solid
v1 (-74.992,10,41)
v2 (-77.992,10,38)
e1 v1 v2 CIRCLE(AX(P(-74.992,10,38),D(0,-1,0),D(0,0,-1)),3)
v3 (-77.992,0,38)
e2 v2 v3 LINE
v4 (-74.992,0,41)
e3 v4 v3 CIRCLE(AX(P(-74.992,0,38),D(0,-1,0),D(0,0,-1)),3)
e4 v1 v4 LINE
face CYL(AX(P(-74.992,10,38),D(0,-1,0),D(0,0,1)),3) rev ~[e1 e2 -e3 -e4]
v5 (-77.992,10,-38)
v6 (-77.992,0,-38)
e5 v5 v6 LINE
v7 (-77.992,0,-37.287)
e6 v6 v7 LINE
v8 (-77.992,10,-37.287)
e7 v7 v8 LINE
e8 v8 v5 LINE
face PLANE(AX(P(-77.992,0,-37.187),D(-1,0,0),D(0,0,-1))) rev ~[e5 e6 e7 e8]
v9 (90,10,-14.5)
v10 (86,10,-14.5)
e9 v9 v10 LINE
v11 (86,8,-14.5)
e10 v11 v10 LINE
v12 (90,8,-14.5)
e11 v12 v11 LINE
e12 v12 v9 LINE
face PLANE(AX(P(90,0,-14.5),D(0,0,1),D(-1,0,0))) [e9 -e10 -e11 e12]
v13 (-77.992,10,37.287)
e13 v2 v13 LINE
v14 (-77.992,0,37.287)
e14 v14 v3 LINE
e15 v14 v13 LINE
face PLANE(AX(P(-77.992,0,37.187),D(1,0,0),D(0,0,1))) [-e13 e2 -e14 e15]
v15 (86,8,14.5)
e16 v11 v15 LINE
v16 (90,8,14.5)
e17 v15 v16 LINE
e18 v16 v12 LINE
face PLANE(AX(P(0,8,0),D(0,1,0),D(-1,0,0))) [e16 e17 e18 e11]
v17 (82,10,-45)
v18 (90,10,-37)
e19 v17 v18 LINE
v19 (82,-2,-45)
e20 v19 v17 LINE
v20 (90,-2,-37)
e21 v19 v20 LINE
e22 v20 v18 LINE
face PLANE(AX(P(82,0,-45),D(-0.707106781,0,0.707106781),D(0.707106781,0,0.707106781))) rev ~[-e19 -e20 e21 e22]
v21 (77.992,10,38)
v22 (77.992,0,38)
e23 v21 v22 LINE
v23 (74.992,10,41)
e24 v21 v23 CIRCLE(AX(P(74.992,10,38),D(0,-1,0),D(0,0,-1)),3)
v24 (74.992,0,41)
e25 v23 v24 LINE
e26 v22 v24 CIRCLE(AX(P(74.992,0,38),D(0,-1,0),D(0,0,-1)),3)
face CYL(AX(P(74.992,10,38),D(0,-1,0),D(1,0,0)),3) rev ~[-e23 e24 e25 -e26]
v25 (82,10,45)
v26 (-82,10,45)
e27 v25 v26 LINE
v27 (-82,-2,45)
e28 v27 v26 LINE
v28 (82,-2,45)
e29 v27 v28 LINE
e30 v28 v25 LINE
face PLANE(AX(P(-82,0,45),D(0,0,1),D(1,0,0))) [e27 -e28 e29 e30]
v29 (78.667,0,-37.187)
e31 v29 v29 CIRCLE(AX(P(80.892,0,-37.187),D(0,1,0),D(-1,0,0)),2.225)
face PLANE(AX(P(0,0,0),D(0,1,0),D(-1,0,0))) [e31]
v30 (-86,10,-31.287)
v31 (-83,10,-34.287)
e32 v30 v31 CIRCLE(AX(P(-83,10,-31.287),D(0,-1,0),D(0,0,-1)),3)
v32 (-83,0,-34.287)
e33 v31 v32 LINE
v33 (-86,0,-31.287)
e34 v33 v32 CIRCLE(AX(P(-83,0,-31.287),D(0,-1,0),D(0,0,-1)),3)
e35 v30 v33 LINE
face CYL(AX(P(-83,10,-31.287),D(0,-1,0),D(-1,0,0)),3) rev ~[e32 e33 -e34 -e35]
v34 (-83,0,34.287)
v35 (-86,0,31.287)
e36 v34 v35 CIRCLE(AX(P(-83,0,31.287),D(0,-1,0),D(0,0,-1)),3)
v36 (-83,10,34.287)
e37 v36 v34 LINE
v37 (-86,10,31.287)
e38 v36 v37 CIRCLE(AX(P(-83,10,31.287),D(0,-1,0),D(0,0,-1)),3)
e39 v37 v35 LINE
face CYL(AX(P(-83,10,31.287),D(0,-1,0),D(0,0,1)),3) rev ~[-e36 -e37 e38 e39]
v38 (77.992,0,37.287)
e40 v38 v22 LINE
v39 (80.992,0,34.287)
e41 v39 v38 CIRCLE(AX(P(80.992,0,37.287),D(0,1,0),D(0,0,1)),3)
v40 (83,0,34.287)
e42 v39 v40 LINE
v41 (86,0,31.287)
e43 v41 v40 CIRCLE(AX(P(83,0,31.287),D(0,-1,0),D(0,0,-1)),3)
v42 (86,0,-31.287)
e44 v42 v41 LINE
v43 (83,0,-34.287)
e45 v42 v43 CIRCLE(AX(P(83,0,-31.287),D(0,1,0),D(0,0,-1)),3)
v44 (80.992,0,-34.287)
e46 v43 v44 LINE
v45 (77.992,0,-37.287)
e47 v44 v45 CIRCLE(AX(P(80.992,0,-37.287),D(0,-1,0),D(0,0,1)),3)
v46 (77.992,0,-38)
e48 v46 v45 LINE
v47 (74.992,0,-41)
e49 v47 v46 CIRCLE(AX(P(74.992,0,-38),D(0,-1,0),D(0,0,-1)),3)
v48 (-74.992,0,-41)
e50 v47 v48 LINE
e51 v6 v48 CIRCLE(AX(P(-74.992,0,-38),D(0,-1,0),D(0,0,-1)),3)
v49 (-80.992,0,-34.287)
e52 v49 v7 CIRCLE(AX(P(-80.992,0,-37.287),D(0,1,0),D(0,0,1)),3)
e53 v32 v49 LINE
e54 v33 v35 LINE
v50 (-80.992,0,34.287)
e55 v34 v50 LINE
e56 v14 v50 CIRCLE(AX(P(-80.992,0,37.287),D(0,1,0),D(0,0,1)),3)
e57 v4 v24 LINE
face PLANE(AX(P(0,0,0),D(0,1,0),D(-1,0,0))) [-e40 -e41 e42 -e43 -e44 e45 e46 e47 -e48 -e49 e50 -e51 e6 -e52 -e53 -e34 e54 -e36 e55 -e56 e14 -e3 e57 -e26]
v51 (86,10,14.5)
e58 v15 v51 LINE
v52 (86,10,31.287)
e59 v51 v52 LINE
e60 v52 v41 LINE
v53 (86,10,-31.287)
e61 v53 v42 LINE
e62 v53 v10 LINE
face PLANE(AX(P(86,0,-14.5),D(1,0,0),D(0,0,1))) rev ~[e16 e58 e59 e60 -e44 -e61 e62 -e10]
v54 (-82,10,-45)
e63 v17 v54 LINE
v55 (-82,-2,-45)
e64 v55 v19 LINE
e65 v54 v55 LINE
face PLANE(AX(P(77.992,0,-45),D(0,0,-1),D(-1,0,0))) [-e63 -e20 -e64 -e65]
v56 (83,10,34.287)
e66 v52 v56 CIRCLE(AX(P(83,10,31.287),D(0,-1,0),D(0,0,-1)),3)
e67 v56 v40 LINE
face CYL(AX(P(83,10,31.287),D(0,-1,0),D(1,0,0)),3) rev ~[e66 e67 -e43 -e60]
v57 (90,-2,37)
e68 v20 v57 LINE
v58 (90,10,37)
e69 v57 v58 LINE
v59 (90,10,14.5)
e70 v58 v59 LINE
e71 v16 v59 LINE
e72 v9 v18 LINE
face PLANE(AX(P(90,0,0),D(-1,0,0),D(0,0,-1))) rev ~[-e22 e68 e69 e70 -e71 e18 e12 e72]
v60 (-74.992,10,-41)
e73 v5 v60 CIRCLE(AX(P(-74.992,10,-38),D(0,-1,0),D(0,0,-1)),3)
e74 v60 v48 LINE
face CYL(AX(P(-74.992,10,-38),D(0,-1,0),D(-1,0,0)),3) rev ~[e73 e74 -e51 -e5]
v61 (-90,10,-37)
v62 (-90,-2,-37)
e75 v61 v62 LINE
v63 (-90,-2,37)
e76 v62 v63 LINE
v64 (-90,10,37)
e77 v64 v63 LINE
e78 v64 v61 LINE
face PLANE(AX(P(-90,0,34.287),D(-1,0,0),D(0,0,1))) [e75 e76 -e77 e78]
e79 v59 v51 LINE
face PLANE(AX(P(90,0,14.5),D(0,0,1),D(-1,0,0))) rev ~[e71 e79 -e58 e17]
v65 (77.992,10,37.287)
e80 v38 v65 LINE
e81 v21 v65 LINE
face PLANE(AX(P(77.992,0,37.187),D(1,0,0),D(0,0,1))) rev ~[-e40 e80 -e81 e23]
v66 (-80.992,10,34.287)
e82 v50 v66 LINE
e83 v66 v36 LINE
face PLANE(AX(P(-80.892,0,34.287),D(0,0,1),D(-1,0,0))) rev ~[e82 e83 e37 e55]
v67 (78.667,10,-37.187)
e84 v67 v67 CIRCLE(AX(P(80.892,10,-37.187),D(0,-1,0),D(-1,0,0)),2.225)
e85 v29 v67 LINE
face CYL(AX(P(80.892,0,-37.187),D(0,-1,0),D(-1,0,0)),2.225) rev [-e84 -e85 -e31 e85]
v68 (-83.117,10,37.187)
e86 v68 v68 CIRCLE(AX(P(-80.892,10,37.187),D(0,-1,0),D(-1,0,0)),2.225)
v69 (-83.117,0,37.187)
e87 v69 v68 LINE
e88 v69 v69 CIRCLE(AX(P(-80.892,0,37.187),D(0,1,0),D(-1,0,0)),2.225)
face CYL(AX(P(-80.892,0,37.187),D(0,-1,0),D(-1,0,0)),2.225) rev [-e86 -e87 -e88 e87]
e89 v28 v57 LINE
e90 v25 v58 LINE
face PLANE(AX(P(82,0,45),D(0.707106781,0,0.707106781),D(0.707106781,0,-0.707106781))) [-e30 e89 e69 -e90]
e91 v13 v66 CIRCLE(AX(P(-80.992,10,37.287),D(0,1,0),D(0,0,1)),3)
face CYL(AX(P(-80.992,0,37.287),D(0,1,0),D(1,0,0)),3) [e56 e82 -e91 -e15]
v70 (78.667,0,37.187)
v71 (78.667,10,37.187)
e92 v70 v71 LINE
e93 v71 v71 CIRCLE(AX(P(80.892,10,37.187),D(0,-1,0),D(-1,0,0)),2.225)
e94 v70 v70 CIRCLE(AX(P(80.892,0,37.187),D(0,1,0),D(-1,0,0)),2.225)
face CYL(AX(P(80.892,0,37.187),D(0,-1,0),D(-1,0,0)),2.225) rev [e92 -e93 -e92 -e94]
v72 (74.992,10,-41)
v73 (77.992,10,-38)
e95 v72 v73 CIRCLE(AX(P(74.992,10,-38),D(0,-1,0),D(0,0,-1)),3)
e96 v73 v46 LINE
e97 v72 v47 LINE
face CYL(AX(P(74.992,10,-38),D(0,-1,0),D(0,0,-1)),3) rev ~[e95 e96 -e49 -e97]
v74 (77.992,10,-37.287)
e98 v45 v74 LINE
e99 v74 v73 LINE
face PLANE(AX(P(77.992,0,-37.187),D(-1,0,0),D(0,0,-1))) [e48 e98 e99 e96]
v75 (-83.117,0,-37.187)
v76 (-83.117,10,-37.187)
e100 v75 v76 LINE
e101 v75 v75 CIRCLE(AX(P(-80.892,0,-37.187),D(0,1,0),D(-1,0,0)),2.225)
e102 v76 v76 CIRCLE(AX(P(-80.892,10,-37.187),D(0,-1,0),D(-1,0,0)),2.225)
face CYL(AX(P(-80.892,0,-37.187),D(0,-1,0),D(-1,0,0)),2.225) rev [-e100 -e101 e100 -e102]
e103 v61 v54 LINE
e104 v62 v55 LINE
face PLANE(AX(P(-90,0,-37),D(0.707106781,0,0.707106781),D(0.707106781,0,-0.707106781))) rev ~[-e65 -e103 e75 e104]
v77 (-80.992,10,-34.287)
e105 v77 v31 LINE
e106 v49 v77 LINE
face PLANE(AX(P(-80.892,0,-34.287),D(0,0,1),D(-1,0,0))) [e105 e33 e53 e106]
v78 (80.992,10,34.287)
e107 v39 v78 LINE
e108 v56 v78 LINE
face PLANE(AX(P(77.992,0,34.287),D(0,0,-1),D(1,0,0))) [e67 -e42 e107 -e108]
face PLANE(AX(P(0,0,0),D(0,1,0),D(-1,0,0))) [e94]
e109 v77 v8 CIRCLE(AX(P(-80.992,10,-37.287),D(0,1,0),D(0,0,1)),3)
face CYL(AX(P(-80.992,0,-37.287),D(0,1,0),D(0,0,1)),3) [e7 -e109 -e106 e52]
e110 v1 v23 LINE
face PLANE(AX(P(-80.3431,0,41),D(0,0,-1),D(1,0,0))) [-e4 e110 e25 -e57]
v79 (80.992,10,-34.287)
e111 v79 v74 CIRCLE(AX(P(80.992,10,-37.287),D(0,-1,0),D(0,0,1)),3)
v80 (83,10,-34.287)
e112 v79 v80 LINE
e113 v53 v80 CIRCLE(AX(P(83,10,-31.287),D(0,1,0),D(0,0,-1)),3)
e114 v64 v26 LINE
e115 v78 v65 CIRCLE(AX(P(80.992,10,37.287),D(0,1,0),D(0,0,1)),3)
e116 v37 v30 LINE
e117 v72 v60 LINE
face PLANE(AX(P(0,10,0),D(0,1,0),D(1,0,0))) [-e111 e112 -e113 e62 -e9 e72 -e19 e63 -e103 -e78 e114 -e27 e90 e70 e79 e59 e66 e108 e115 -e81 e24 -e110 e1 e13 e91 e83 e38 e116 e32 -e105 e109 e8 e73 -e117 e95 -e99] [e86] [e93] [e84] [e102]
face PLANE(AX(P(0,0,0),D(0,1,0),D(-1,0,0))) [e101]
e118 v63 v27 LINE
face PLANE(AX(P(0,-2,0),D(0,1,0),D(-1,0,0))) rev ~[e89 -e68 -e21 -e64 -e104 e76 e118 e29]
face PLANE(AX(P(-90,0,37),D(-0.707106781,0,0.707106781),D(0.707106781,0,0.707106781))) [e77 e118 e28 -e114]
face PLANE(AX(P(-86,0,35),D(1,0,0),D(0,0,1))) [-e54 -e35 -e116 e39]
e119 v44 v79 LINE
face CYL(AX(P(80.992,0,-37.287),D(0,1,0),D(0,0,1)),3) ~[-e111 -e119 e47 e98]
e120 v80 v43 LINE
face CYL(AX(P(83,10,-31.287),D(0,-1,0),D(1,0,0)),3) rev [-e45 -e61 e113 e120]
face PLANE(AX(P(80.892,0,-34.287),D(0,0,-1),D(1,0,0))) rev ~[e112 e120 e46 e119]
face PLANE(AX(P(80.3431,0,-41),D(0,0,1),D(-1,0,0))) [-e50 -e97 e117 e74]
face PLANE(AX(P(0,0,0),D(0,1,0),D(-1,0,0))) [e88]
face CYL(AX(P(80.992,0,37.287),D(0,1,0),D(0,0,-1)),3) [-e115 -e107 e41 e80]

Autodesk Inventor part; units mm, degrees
ref_plane "YZ Plane" through (0, 0, 0) normal (1, 0, 0) x (0, 1, 0)
ref_plane "XZ Plane" through (0, 0, 0) normal (0, 1, 0) x (-1, 0, 0)
ref_plane "XY Plane" through (0, 0, 0) normal (0, 0, 1) x (1, 0, 0)
sketch "Sketch1" plane through (0, 0, 0) normal (0, 1, 0) x (-1, 0, 0)
  line L0 (82, 45) -> (-82, 45)
  line L1 (-90, 37) -> (-90, -37)
  line L2 (-82, -45) -> (82, -45)
  line L3 (90, -37) -> (90, 37)
  line L4 (90, 45) -> (-90, -45) construction
  line L5 (-90, 45) -> (90, -45) construction
  line L6 (90, 37) -> (82, 45)
  line L7 (90, -37) -> (82, -45)
  line L8 (-82, 45) -> (-90, 37)
  line L9 (-82, -45) -> (-90, -37)
  line L10 (90, -37) -> (80.892, -37)
  line L11 (80.892, -37) -> (80.892, -37.187)
  line L12 (80.892, -37) -> (81.079, -37) construction
  circle A0 centre (80.892, -37.187) radius 0.725
  circle A1 centre (80.892, -37.187) radius 2.225
  line L13 (90, 37) -> (80.892, 37)
  line L14 (80.892, 37) -> (80.892, 37.187)
  circle A2 centre (80.892, 37.187) radius 0.725
  circle A3 centre (80.892, 37.187) radius 2.225
  line L15 (-90, 37) -> (-80.892, 37)
  line L16 (-90, 37) -> (-80.892, 37) construction
  line L17 (-80.892, 37) -> (-80.892, 37.187)
  circle A4 centre (-80.892, 37.187) radius 0.725
  circle A5 centre (-80.892, 37.187) radius 2.225
  line L18 (-90, -37) -> (-80.892, -37)
  line L19 (-90, -37) -> (-80.892, -37) construction
  line L20 (-80.892, -37) -> (-80.892, -37.187)
  line L21 (-80.892, -37) -> (-80.705, -37) construction
  circle A6 centre (-80.892, -37.187) radius 0.725
  circle A7 centre (-80.892, -37.187) radius 2.225
  line L22 (80.892, -37.187) -> (80.892, -34.287)
  line L23 (80.892, -37.187) -> (83.792, -37.187) construction
  line L24 (80.892, -37.187) -> (77.992, -37.187)
  line L25 (80.892, -37.187) -> (83.792, -37.187) construction
  line L26 (77.992, -37.187) -> (77.992, -45)
  line L27 (80.892, 37.187) -> (80.892, 34.287)
  line L28 (80.892, 37.187) -> (83.792, 37.187) construction
  line L29 (80.892, 34.287) -> (90, 34.287)
  line L30 (80.892, 37.187) -> (77.992, 37.187)
  line L31 (80.892, 37.187) -> (83.792, 37.187) construction
  line L32 (-80.892, -37.187) -> (-80.892, -34.287)
  line L33 (-80.892, -37.187) -> (-77.992, -37.187) construction
  line L34 (-80.892, -34.287) -> (-90, -34.287)
  line L35 (-80.892, -37.187) -> (-77.992, -37.187)
  line L36 (-80.892, -37.187) -> (-77.992, -37.187) construction
  line L37 (-77.992, -37.187) -> (-77.992, -45)
  line L38 (-77.992, -37.187) -> (-70.179, -37.187) construction
  line L39 (-80.892, 37.187) -> (-77.992, 37.187)
  line L40 (-80.892, 37.187) -> (-77.992, 37.187) construction
  line L41 (-77.992, 37.187) -> (-77.992, 45)
  line L42 (-80.892, 37.187) -> (-80.892, 34.287)
  line L43 (-80.892, 37.187) -> (-77.992, 37.187) construction
  line L44 (-80.892, 34.287) -> (-90, 34.287)
  line L45 (-77.992, 37.187) -> (-77.992, 34.287)
  line L46 (-77.992, 34.287) -> (-80.892, 34.287)
  line L47 (-80.892, -34.287) -> (-77.992, -34.287)
  line L48 (-77.992, -34.287) -> (-77.992, -37.187)
  line L49 (77.992, 37.187) -> (77.992, 45)
  line L50 (77.992, 37.187) -> (85.805, 37.187) construction
  line L51 (80.892, 34.287) -> (77.992, 34.287)
  line L52 (77.992, 34.287) -> (77.992, 37.187)
  line L53 (80.892, -34.287) -> (90, -34.287)
  line L54 (80.892, -34.287) -> (90, -34.287) construction
  line L55 (77.992, -37.187) -> (77.992, -34.287)
  line L56 (77.992, -34.287) -> (80.892, -34.287)
  line L57 (-90, 0) -> (-90, 14.5)
  line L58 (-90, 0) -> (-90, -14.5)
  line L59 (-90, -14.5) -> (-86, -14.5)
  line L60 (-90, -14.5) -> (-86, -14.5) construction
  line L61 (-86, -14.5) -> (-86, 14.5)
  line L62 (-86, 14.5) -> (-90, 14.5)
  point P0 (0, 0)
  point P1 (-90, -34.287)
  point P2 (77.992, -45)
  point P3 (90, -34.287)
  point P4 (90, 34.287)
  point P5 (-90, 34.287)
  dimension "d31" = 12
  dimension "d0" = 180
  dimension "d1" = 90
  dimension "d2" = 8
  dimension "d3" = 8
  dimension "d4" = 8
  dimension "d5" = 8
  dimension "d6" = 8
  dimension "d7" = 8
  dimension "d8" = 8
  dimension "d9" = 8
  dimension "d34" = 9.108
  dimension "d35" = 0.187
  dimension "d36" = 90
  dimension "d37" = 1.45
  dimension "d38" = 4.45
  dimension "d39" = 9.108
  dimension "d40" = 0.187
  dimension "d41" = 90
  dimension "d42" = 1.45
  dimension "d43" = 4.45
  dimension "d44" = 9.108
  dimension "d45" = 0
  dimension "d46" = 0.187
  dimension "d47" = 90
  dimension "d48" = 1.45
  dimension "d49" = 4.45
  dimension "d50" = 9.108
  dimension "d51" = 0
  dimension "d52" = 0.187
  dimension "d53" = 90
  dimension "d54" = 1.45
  dimension "d55" = 4.45
  dimension "d58" = 2.9
  dimension "d59" = 90
  dimension "d62" = 2.9
  dimension "d63" = 180
  dimension "d64" = 7.813
  dimension "d65" = 90
  dimension "d66" = 2.9
  dimension "d67" = 90
  dimension "d68" = 9.108
  dimension "d69" = 90
  dimension "d70" = 2.9
  dimension "d71" = 180
  dimension "d74" = 2.9
  dimension "d75" = 90
  dimension "d76" = 9.108
  dimension "d77" = 90
  dimension "d78" = 2.9
  dimension "d79" = 0
  dimension "d80" = 7.813
  dimension "d81" = 90
  dimension "d82" = 2.9
  dimension "d83" = 0
  dimension "d84" = 7.813
  dimension "d85" = 90
  dimension "d86" = 2.9
  dimension "d87" = 90
  dimension "d88" = 9.108
  dimension "d89" = 90
  dimension "d90" = 2.9
  dimension "d91" = 2.9
  dimension "d92" = 2.9
  dimension "d93" = 2.9
extrude "Extrusion1" add sketch "Sketch1" against normal blind 2
sketch "Sketch2" plane through (0, 0, 0) normal (0, 1, 0) x (1, 0, 0)
  line L0 (-82, -45) -> (82, -45)
  line L1 (90, -37) -> (90, 37)
  line L2 (82, 45) -> (-82, 45)
  line L3 (-90, 37) -> (-90, -37)
  line L4 (-90, -45) -> (90, 45) construction
  line L5 (90, -45) -> (-90, 45) construction
  line L6 (-90, -37) -> (-82, -45)
  line L7 (-90, 37) -> (-82, 45)
  line L8 (82, 45) -> (90, 37)
  line L9 (82, -45) -> (90, -37)
  line L10 (-86, -35.3431) -> (-80.3431, -41)
  line L11 (-80.3431, -41) -> (80.3431, -41)
  line L12 (80.3431, -41) -> (86, -35.3431)
  line L13 (86, -35.3431) -> (86, 35.3431)
  line L14 (86, 35.3431) -> (80.3431, 41)
  line L15 (80.3431, 41) -> (-80.3431, 41)
  line L16 (-80.3431, 41) -> (-86, 35.3431)
  line L17 (-86, 35.3431) -> (-86, -35.3431)
  line L18 (0, 0) -> (90, 0)
  line L19 (90, 0) -> (90, -14.5)
  line L20 (90, -14.5) -> (0, -14.5)
  line L21 (0, -14.5) -> (0, 0)
  line L22 (0, 0) -> (90, 0)
  line L23 (90, 0) -> (90, 14.5)
  line L24 (90, 14.5) -> (0, 14.5)
  line L25 (0, 14.5) -> (0, 0)
  line L26 (-90, 35) -> (-81.5147, 26.5147)
  circle A0 centre (-81.5147, 26.5147) radius 1.45
  circle A1 centre (-81.5147, 26.5147) radius 4.45
  line L27 (-90, 35) -> (-77.0647, 35)
  line L28 (-77.0647, 35) -> (-77.0647, 22.0647)
  line L29 (-77.0647, 22.0647) -> (-90, 22.0647)
  line L30 (-90, 22.0647) -> (-90, 35)
  circle A2 centre (-81.5147, -26.5147) radius 1.45
  circle A3 centre (-81.5147, -26.5147) radius 4.45
  line L31 (-90, -35) -> (-77.0647, -35)
  line L32 (-77.0647, -35) -> (-77.0647, -22.0647)
  line L33 (-77.0647, -22.0647) -> (-90, -22.0647)
  line L34 (-90, -22.0647) -> (-90, -35)
  circle A4 centre (81.5147, 26.5147) radius 1.45
  circle A5 centre (81.5147, 26.5147) radius 4.45
  line L35 (77.0647, 35) -> (77.0647, 22.0647)
  line L36 (77.0647, 22.0647) -> (90, 22.0647)
  line L37 (77.0647, -22.0647) -> (90, -22.0647)
  line L38 (77.0647, -35) -> (77.0647, -22.0647)
  circle A6 centre (81.5147, -26.5147) radius 4.45
  circle A7 centre (81.5147, -26.5147) radius 1.45
  line L39 (90, -35) -> (77.0647, -35)
  line L40 (90, -22.0647) -> (90, -35)
  point P0 (86, -14.5)
  point P1 (86, 14.5)
  point P2 (81.5147, 22.0647)
  point P3 (86, 22.0647)
  point P4 (77.0647, 31)
  point P5 (77.0647, 26.5147)
  point P6 (77.0647, -26.5147)
  point P7 (77.0647, -31)
  point P8 (86, -22.0647)
  point P9 (81.5147, -22.0647)
  point P10 (-77.0647, -26.5147)
  point P11 (-81.5147, -22.0647)
  point P12 (-86, -22.0647)
  point P13 (-77.0647, -31)
  point P14 (-86, 22.0647)
  point P15 (-81.5147, 22.0647)
  point P16 (-77.0647, 26.5147)
  point P17 (-77.0647, 31)
  dimension "d12" = 180
  dimension "d13" = 90
  dimension "d14" = 8
  dimension "d15" = 8
  dimension "d16" = 8
  dimension "d17" = 8
  dimension "d18" = 8
  dimension "d19" = 8
  dimension "d20" = 8
  dimension "d21" = 8
  dimension "d22" = 4
  dimension "d23" = 90
  dimension "d24" = 14.5
  dimension "d25" = 90
  dimension "d26" = 14.5
  dimension "d31" = 12
  dimension "d32" = 2.9
  dimension "d33" = 3
extrude "Extrusion4" add sketch "Sketch2" along normal blind 10 contours L6 L3 L31 L17 L10 L11 L12 L13 L39 L1 L9 L0 | L3 L33 L17 L31 | L39 L13 L37 L1 | L3 L29 L17 L33 | L37 L13 L20 L1 | L3 L26 L17 L29 | L27 L17 L26 | L3 L7 L2 L8 L1 L36 L13 L14 L15 L16 L17 L27 | L24 L13 L36 L1
extrude "Extrusion5" add sketch "Sketch1" along normal blind 10 contours L6 L13 A3 L30 L49 L0 | L3 L29 L27 A3 L13 | L41 L39 A5 L15 L8 L0 | L30 A3 L27 L51 L52 | L45 L46 L42 A5 L39 | L3 L10 A1 L22 L53 | L15 A5 L42 L44 L1 | L7 L2 L26 L24 A1 L10 | L22 A1 L24 L55 L56 | L2 L9 L18 A7 L35 L37 | L35 A7 L32 L47 L48 | L34 L32 A7 L18 L1
extrude "Extrusion6" add sketch "Sketch1" along normal blind 8 contours L62 L61 L59 L1
fillet "Fillet1" radius 3 12 edges at (-77.992, 5, -41) (-77.992, 5, -34.287) (-86, 5, -34.287) (86, 5, -34.287) (77.992, 5, -34.287) (77.992, 5, -41) (86, 5, 34.287) (77.992, 5, 34.287) (77.992, 5, 41) (-77.992, 5, 34.287) (-86, 5, 34.287) (-77.992, 5, 41)
equation "\"d3\" = d2"
equation "\"d4\" = d2"
equation "\"d5\" = d4"
equation "\"d6\" = d2"
equation "\"d7\" = d6"
equation "\"d8\" = d2"
equation "\"d9\" = d8"
equation "\"d15\" = d14"
equation "\"d16\" = d14"
equation "\"d17\" = d16"
equation "\"d18\" = d14"
equation "\"d19\" = d18"
equation "\"d20\" = d14"
equation "\"d21\" = d20"
properties part number "enclosed base"
